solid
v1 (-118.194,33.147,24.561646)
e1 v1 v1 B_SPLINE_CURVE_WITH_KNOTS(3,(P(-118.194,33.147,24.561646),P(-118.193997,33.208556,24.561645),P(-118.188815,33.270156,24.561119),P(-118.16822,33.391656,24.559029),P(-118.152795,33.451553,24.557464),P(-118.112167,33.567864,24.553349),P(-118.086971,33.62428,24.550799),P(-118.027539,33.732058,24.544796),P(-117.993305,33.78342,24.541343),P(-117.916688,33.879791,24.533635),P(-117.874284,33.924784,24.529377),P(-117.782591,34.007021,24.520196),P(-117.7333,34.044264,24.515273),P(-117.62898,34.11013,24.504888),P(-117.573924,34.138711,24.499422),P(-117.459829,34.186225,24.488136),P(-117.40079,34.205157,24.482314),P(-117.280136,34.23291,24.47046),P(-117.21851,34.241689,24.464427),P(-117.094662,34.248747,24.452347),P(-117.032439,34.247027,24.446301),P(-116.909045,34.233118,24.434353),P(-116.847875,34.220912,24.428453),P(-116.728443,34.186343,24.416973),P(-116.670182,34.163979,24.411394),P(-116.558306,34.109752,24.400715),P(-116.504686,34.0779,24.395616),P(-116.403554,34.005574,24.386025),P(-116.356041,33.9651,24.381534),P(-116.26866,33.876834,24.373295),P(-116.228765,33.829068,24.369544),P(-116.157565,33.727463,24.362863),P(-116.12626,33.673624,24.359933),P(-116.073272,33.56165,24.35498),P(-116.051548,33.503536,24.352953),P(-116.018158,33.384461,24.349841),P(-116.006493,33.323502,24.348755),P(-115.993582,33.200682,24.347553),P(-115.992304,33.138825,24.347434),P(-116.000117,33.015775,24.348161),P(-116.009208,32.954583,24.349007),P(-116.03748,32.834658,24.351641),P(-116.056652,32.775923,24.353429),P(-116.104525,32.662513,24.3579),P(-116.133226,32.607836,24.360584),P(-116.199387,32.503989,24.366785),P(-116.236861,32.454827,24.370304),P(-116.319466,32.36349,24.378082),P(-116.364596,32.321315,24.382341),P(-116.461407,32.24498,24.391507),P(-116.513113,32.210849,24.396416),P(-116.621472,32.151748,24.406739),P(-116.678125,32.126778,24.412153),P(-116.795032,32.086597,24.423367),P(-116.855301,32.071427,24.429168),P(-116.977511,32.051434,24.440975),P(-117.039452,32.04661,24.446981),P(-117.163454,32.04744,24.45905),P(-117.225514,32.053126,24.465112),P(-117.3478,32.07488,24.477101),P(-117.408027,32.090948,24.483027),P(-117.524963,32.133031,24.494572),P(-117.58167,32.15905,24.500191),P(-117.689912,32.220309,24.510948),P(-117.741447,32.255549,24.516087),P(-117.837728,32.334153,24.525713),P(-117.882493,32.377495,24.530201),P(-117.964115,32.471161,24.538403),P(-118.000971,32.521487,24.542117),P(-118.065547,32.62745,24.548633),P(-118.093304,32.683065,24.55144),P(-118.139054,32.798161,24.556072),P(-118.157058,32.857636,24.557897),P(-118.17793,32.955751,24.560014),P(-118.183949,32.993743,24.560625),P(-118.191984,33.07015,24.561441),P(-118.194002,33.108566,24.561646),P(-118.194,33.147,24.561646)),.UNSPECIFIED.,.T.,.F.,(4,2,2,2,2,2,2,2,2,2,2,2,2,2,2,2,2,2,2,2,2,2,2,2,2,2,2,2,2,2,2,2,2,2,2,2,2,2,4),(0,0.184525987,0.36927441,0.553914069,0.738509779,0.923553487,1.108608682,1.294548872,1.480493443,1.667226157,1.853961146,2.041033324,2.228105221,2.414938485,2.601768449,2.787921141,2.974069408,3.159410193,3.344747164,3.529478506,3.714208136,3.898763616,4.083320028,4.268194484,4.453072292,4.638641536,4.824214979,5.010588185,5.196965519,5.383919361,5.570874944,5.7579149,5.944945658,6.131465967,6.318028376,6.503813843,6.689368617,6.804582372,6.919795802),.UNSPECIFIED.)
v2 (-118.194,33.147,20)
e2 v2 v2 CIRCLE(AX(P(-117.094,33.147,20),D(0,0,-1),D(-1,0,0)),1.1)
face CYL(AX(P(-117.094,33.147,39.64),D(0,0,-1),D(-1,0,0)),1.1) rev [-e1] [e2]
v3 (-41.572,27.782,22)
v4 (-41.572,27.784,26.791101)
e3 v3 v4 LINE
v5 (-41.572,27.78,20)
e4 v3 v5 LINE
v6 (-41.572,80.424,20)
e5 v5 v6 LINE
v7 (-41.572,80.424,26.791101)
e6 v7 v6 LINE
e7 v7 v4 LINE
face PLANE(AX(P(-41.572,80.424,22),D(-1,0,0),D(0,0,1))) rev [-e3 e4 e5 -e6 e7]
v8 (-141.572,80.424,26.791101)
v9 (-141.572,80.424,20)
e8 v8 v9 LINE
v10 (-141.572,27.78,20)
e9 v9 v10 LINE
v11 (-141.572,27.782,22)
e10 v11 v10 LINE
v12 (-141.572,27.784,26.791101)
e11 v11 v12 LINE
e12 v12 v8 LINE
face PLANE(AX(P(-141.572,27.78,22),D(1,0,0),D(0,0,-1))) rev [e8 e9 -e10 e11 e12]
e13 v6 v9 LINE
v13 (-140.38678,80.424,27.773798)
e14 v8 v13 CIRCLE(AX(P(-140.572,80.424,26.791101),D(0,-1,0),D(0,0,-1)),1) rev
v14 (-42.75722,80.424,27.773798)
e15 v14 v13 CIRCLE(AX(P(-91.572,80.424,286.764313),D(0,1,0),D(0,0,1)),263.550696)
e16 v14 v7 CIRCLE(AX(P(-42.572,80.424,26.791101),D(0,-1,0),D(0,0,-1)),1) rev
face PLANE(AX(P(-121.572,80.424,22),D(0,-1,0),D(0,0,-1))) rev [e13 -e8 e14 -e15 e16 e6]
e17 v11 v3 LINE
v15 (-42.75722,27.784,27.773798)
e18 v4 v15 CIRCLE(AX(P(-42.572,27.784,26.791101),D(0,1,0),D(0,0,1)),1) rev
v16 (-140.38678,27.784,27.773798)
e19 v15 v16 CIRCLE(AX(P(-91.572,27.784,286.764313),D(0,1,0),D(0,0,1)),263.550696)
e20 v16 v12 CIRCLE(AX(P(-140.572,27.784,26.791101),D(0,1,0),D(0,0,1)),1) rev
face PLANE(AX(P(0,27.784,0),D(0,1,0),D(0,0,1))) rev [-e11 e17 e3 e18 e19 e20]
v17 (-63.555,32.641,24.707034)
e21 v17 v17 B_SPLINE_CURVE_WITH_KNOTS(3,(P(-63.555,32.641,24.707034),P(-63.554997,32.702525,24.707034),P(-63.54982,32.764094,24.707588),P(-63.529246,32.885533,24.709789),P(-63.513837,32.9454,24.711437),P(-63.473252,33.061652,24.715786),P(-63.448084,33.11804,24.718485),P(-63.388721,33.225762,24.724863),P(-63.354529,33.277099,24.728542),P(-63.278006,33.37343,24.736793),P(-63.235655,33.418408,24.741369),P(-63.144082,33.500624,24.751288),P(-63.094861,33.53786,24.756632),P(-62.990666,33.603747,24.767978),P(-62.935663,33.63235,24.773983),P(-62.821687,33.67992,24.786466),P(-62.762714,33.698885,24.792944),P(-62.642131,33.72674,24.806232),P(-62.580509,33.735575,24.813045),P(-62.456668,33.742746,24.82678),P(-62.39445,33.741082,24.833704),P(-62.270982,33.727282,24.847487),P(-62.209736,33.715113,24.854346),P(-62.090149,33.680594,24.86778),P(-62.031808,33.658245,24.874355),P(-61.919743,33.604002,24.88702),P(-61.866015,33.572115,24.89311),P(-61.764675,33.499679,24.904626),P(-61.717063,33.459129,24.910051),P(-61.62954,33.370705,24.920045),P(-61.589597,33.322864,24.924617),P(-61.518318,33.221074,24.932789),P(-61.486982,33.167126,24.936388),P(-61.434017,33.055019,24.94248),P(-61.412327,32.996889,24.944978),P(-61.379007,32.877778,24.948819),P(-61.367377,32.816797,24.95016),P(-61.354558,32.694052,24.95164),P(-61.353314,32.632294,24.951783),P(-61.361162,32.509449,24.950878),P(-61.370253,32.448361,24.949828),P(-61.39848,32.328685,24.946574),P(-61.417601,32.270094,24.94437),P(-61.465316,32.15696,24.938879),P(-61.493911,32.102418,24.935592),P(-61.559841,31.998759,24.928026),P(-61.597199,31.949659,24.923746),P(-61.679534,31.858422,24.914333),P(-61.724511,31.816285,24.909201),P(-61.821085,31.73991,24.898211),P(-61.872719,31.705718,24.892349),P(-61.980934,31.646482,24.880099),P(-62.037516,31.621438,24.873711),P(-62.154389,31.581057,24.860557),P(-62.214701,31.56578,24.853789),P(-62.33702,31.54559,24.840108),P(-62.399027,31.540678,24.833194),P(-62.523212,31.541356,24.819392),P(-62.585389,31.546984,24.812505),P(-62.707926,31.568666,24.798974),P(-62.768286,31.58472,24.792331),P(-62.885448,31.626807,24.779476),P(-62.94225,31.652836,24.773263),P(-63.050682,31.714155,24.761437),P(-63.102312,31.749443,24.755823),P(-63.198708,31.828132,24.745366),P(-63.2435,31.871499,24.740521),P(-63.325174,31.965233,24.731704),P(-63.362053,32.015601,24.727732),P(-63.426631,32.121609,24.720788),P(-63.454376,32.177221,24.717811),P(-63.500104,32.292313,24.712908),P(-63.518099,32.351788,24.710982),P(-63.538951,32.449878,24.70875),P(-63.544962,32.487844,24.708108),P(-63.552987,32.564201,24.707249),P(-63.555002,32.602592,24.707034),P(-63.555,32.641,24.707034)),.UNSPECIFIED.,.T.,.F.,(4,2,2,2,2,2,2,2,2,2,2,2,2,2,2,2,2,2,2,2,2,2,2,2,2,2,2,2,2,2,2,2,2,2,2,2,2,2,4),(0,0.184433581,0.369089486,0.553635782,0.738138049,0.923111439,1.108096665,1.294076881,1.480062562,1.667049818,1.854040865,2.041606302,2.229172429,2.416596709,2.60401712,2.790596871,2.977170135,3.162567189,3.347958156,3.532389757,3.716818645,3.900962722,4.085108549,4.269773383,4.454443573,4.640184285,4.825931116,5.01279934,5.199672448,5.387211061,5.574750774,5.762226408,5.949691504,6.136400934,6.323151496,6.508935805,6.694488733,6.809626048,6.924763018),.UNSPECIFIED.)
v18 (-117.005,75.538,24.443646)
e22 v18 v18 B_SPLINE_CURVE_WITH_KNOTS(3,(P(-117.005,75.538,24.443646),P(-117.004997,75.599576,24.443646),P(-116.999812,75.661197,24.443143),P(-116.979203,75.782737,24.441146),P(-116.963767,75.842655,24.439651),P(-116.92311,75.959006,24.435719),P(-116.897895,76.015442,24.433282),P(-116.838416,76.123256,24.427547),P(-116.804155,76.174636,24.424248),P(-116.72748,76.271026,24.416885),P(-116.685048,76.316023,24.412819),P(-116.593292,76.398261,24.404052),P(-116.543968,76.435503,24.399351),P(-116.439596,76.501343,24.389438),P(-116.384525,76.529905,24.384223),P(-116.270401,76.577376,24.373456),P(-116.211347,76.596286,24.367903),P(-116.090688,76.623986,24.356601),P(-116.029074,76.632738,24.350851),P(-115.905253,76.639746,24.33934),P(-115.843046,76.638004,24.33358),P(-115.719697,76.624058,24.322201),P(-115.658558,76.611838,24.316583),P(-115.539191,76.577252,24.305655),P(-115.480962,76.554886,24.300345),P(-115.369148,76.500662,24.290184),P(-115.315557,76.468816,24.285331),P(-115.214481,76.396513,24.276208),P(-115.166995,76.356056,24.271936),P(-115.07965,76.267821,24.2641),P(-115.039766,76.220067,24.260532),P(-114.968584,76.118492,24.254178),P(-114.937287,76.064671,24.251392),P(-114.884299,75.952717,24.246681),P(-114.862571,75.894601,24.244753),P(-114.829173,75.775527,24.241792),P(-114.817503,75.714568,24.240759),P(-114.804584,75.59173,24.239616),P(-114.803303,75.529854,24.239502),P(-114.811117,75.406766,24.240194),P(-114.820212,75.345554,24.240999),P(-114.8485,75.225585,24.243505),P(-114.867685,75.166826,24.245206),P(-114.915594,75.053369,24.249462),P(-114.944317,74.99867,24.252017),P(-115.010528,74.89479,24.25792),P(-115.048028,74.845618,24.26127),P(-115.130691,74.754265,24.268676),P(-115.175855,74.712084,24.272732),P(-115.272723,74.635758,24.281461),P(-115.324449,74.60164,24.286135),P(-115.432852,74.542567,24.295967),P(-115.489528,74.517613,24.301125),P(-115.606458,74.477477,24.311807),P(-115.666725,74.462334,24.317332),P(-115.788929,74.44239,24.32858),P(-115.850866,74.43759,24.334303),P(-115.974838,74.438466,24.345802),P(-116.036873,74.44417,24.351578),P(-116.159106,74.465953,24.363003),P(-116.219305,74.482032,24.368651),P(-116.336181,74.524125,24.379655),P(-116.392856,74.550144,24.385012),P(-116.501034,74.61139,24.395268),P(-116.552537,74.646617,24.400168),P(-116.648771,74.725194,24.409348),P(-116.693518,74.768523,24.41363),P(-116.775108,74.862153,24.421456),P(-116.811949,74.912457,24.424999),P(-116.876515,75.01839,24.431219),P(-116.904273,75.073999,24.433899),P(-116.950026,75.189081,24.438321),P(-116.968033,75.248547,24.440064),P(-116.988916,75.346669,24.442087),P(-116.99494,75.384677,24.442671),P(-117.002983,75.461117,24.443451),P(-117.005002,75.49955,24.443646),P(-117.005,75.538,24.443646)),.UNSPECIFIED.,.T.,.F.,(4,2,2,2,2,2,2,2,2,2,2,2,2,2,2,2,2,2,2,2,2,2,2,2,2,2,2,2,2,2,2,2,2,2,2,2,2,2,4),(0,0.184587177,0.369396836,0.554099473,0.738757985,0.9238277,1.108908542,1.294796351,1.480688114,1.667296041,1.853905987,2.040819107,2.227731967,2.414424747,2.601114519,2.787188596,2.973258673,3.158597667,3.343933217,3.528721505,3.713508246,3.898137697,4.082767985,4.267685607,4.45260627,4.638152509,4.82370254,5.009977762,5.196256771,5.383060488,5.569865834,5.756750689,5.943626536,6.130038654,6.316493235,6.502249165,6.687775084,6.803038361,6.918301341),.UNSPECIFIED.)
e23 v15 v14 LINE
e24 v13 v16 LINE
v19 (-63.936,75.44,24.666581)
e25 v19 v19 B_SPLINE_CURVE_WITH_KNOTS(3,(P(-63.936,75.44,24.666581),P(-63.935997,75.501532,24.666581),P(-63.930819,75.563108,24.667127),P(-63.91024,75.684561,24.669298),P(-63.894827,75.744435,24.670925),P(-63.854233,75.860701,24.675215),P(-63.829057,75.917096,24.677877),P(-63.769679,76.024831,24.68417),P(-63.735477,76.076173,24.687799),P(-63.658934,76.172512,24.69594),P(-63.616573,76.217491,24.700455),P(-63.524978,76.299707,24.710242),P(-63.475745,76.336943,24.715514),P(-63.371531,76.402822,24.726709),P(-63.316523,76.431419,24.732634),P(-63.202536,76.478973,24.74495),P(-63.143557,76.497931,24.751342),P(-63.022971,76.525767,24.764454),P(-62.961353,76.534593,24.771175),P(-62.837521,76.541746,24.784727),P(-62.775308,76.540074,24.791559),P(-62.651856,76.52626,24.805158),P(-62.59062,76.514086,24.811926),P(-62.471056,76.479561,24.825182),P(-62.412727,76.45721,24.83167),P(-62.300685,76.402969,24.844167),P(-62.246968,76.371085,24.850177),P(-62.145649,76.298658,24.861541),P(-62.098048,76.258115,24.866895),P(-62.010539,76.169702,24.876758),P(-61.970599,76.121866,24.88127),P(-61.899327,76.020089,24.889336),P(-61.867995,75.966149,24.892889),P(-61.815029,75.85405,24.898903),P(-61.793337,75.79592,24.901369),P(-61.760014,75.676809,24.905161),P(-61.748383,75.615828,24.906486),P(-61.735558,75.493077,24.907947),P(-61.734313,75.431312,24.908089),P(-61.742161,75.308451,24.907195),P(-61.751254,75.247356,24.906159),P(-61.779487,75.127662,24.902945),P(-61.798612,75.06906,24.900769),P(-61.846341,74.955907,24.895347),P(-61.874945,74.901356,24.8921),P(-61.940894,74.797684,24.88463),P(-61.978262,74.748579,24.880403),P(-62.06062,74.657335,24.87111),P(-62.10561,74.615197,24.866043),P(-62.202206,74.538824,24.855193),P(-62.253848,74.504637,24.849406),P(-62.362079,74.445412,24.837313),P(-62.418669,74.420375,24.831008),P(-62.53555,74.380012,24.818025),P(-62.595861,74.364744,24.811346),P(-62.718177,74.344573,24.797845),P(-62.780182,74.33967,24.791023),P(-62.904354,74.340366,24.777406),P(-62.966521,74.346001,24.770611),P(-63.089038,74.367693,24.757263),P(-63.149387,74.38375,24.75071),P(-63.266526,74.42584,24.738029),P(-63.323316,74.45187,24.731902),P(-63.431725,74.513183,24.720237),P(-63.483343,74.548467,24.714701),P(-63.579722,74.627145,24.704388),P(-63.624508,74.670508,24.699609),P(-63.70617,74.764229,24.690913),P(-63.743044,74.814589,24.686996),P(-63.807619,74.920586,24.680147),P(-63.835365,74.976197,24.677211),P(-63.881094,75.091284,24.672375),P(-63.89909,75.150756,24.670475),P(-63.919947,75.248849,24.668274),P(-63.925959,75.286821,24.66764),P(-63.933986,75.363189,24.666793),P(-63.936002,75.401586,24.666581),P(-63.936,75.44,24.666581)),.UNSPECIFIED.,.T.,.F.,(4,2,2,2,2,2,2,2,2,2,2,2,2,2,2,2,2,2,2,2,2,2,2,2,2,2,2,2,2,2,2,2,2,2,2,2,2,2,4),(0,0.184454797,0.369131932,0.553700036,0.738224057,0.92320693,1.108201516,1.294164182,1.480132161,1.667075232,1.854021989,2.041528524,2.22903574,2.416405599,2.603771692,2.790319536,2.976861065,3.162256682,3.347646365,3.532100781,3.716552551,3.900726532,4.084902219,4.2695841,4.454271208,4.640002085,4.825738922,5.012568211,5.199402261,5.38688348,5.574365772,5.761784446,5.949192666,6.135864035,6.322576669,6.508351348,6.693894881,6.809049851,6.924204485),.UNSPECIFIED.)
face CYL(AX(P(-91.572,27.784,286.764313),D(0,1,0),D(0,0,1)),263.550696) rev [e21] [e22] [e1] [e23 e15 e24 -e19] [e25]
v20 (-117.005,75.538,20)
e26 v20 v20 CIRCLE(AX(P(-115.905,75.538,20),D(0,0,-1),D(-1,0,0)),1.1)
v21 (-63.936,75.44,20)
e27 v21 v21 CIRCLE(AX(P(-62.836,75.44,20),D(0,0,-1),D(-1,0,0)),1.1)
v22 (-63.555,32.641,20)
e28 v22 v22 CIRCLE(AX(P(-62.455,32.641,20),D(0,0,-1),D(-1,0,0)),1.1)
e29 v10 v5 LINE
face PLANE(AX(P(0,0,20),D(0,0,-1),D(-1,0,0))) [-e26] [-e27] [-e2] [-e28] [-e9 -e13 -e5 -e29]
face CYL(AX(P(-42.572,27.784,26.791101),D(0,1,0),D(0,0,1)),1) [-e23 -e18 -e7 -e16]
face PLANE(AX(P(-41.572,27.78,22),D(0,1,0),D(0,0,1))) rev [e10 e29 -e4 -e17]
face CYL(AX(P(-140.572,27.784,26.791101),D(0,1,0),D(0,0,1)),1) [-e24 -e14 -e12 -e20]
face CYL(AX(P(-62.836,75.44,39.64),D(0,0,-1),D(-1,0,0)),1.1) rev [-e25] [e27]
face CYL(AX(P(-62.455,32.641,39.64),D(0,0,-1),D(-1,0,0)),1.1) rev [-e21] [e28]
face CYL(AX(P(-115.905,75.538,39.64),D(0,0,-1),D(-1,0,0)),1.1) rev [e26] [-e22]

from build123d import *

# Parameters (mm, degrees)
BOSS_EXTRUDE1_START = 20
BOSS_EXTRUDE1_DEPTH = 2
BOSS_EXTRUDE2_DEPTH = 52.64
SKETCH5_R           = 1.1
CUT_EXTRUDE2_DEPTH  = 19.64
SKETCH5_5_R         = 1.1
CUT_EXTRUDE3_DEPTH  = 19.64
SKETCH5_6_R         = 1.1
CUT_EXTRUDE4_DEPTH  = 19.64
SKETCH5_7_R         = 1.1
CUT_EXTRUDE5_DEPTH  = 19.64
FILLET1_R           = 1
FILLET2_R           = 1


with BuildPart() as part:
    # Sketch2 → Boss-Extrude1 (new body)
    with BuildSketch(Plane.XY.offset(BOSS_EXTRUDE1_START)):
        Polygon((-121.572, 80.424), (-41.572, 80.424), (-41.572, 27.78), (-141.572, 27.78), (-141.572, 80.424), align=None)
    extrude(amount=BOSS_EXTRUDE1_DEPTH)

    # Sketch3 → Boss-Extrude2 (add)
    with BuildSketch(Plane(origin=(0, 80.424, 0), x_dir=(1, 0, 0), z_dir=(0, 1, 0))):
        with BuildLine():
            Line((-41.572, -28), (-41.572, -22))
            Line((-41.572, -22), (-141.572, -22))
            Line((-141.572, -22), (-141.572, -28))
            ThreePointArc((-141.572, -28), (-91.572, -23.213616387), (-41.572, -28))
        make_face()
    extrude(amount=-BOSS_EXTRUDE2_DEPTH)

    # Sketch5 → Cut-Extrude2 (cut)
    with BuildSketch(Plane(origin=(0, 0, 20), x_dir=(-1, 0, 0), z_dir=(0, 0, -1))):
        with Locations((62.455, 32.641)):
            Circle(SKETCH5_R)
    extrude(amount=-CUT_EXTRUDE2_DEPTH, mode=Mode.SUBTRACT)

    # Sketch5<5> → Cut-Extrude3 (cut)
    with BuildSketch(Plane(origin=(0, 0, 20), x_dir=(-1, 0, 0), z_dir=(0, 0, -1))):
        with Locations((62.836, 75.44)):
            Circle(SKETCH5_5_R)
    extrude(amount=-CUT_EXTRUDE3_DEPTH, mode=Mode.SUBTRACT)

    # Sketch5<6> → Cut-Extrude4 (cut)
    with BuildSketch(Plane(origin=(0, 0, 20), x_dir=(-1, 0, 0), z_dir=(0, 0, -1))):
        with Locations((115.905, 75.538)):
            Circle(SKETCH5_6_R)
    extrude(amount=-CUT_EXTRUDE4_DEPTH, mode=Mode.SUBTRACT)

    # Sketch5<7> → Cut-Extrude5 (cut)
    with BuildSketch(Plane(origin=(0, 0, 20), x_dir=(-1, 0, 0), z_dir=(0, 0, -1))):
        with Locations((117.094, 33.147)):
            Circle(SKETCH5_7_R)
    extrude(amount=-CUT_EXTRUDE5_DEPTH, mode=Mode.SUBTRACT)

    # Fillet1
    fillet1_edges = [part.edges().sort_by_distance(p)[0] for p in [
        (-41.572, 54.104, 28),
    ]]
    fillet(fillet1_edges, radius=FILLET1_R)

    # Fillet2
    fillet2_edges = [part.edges().sort_by_distance(p)[0] for p in [
        (-141.572, 54.104, 28),
    ]]
    fillet(fillet2_edges, radius=FILLET2_R)


solid = part.part
